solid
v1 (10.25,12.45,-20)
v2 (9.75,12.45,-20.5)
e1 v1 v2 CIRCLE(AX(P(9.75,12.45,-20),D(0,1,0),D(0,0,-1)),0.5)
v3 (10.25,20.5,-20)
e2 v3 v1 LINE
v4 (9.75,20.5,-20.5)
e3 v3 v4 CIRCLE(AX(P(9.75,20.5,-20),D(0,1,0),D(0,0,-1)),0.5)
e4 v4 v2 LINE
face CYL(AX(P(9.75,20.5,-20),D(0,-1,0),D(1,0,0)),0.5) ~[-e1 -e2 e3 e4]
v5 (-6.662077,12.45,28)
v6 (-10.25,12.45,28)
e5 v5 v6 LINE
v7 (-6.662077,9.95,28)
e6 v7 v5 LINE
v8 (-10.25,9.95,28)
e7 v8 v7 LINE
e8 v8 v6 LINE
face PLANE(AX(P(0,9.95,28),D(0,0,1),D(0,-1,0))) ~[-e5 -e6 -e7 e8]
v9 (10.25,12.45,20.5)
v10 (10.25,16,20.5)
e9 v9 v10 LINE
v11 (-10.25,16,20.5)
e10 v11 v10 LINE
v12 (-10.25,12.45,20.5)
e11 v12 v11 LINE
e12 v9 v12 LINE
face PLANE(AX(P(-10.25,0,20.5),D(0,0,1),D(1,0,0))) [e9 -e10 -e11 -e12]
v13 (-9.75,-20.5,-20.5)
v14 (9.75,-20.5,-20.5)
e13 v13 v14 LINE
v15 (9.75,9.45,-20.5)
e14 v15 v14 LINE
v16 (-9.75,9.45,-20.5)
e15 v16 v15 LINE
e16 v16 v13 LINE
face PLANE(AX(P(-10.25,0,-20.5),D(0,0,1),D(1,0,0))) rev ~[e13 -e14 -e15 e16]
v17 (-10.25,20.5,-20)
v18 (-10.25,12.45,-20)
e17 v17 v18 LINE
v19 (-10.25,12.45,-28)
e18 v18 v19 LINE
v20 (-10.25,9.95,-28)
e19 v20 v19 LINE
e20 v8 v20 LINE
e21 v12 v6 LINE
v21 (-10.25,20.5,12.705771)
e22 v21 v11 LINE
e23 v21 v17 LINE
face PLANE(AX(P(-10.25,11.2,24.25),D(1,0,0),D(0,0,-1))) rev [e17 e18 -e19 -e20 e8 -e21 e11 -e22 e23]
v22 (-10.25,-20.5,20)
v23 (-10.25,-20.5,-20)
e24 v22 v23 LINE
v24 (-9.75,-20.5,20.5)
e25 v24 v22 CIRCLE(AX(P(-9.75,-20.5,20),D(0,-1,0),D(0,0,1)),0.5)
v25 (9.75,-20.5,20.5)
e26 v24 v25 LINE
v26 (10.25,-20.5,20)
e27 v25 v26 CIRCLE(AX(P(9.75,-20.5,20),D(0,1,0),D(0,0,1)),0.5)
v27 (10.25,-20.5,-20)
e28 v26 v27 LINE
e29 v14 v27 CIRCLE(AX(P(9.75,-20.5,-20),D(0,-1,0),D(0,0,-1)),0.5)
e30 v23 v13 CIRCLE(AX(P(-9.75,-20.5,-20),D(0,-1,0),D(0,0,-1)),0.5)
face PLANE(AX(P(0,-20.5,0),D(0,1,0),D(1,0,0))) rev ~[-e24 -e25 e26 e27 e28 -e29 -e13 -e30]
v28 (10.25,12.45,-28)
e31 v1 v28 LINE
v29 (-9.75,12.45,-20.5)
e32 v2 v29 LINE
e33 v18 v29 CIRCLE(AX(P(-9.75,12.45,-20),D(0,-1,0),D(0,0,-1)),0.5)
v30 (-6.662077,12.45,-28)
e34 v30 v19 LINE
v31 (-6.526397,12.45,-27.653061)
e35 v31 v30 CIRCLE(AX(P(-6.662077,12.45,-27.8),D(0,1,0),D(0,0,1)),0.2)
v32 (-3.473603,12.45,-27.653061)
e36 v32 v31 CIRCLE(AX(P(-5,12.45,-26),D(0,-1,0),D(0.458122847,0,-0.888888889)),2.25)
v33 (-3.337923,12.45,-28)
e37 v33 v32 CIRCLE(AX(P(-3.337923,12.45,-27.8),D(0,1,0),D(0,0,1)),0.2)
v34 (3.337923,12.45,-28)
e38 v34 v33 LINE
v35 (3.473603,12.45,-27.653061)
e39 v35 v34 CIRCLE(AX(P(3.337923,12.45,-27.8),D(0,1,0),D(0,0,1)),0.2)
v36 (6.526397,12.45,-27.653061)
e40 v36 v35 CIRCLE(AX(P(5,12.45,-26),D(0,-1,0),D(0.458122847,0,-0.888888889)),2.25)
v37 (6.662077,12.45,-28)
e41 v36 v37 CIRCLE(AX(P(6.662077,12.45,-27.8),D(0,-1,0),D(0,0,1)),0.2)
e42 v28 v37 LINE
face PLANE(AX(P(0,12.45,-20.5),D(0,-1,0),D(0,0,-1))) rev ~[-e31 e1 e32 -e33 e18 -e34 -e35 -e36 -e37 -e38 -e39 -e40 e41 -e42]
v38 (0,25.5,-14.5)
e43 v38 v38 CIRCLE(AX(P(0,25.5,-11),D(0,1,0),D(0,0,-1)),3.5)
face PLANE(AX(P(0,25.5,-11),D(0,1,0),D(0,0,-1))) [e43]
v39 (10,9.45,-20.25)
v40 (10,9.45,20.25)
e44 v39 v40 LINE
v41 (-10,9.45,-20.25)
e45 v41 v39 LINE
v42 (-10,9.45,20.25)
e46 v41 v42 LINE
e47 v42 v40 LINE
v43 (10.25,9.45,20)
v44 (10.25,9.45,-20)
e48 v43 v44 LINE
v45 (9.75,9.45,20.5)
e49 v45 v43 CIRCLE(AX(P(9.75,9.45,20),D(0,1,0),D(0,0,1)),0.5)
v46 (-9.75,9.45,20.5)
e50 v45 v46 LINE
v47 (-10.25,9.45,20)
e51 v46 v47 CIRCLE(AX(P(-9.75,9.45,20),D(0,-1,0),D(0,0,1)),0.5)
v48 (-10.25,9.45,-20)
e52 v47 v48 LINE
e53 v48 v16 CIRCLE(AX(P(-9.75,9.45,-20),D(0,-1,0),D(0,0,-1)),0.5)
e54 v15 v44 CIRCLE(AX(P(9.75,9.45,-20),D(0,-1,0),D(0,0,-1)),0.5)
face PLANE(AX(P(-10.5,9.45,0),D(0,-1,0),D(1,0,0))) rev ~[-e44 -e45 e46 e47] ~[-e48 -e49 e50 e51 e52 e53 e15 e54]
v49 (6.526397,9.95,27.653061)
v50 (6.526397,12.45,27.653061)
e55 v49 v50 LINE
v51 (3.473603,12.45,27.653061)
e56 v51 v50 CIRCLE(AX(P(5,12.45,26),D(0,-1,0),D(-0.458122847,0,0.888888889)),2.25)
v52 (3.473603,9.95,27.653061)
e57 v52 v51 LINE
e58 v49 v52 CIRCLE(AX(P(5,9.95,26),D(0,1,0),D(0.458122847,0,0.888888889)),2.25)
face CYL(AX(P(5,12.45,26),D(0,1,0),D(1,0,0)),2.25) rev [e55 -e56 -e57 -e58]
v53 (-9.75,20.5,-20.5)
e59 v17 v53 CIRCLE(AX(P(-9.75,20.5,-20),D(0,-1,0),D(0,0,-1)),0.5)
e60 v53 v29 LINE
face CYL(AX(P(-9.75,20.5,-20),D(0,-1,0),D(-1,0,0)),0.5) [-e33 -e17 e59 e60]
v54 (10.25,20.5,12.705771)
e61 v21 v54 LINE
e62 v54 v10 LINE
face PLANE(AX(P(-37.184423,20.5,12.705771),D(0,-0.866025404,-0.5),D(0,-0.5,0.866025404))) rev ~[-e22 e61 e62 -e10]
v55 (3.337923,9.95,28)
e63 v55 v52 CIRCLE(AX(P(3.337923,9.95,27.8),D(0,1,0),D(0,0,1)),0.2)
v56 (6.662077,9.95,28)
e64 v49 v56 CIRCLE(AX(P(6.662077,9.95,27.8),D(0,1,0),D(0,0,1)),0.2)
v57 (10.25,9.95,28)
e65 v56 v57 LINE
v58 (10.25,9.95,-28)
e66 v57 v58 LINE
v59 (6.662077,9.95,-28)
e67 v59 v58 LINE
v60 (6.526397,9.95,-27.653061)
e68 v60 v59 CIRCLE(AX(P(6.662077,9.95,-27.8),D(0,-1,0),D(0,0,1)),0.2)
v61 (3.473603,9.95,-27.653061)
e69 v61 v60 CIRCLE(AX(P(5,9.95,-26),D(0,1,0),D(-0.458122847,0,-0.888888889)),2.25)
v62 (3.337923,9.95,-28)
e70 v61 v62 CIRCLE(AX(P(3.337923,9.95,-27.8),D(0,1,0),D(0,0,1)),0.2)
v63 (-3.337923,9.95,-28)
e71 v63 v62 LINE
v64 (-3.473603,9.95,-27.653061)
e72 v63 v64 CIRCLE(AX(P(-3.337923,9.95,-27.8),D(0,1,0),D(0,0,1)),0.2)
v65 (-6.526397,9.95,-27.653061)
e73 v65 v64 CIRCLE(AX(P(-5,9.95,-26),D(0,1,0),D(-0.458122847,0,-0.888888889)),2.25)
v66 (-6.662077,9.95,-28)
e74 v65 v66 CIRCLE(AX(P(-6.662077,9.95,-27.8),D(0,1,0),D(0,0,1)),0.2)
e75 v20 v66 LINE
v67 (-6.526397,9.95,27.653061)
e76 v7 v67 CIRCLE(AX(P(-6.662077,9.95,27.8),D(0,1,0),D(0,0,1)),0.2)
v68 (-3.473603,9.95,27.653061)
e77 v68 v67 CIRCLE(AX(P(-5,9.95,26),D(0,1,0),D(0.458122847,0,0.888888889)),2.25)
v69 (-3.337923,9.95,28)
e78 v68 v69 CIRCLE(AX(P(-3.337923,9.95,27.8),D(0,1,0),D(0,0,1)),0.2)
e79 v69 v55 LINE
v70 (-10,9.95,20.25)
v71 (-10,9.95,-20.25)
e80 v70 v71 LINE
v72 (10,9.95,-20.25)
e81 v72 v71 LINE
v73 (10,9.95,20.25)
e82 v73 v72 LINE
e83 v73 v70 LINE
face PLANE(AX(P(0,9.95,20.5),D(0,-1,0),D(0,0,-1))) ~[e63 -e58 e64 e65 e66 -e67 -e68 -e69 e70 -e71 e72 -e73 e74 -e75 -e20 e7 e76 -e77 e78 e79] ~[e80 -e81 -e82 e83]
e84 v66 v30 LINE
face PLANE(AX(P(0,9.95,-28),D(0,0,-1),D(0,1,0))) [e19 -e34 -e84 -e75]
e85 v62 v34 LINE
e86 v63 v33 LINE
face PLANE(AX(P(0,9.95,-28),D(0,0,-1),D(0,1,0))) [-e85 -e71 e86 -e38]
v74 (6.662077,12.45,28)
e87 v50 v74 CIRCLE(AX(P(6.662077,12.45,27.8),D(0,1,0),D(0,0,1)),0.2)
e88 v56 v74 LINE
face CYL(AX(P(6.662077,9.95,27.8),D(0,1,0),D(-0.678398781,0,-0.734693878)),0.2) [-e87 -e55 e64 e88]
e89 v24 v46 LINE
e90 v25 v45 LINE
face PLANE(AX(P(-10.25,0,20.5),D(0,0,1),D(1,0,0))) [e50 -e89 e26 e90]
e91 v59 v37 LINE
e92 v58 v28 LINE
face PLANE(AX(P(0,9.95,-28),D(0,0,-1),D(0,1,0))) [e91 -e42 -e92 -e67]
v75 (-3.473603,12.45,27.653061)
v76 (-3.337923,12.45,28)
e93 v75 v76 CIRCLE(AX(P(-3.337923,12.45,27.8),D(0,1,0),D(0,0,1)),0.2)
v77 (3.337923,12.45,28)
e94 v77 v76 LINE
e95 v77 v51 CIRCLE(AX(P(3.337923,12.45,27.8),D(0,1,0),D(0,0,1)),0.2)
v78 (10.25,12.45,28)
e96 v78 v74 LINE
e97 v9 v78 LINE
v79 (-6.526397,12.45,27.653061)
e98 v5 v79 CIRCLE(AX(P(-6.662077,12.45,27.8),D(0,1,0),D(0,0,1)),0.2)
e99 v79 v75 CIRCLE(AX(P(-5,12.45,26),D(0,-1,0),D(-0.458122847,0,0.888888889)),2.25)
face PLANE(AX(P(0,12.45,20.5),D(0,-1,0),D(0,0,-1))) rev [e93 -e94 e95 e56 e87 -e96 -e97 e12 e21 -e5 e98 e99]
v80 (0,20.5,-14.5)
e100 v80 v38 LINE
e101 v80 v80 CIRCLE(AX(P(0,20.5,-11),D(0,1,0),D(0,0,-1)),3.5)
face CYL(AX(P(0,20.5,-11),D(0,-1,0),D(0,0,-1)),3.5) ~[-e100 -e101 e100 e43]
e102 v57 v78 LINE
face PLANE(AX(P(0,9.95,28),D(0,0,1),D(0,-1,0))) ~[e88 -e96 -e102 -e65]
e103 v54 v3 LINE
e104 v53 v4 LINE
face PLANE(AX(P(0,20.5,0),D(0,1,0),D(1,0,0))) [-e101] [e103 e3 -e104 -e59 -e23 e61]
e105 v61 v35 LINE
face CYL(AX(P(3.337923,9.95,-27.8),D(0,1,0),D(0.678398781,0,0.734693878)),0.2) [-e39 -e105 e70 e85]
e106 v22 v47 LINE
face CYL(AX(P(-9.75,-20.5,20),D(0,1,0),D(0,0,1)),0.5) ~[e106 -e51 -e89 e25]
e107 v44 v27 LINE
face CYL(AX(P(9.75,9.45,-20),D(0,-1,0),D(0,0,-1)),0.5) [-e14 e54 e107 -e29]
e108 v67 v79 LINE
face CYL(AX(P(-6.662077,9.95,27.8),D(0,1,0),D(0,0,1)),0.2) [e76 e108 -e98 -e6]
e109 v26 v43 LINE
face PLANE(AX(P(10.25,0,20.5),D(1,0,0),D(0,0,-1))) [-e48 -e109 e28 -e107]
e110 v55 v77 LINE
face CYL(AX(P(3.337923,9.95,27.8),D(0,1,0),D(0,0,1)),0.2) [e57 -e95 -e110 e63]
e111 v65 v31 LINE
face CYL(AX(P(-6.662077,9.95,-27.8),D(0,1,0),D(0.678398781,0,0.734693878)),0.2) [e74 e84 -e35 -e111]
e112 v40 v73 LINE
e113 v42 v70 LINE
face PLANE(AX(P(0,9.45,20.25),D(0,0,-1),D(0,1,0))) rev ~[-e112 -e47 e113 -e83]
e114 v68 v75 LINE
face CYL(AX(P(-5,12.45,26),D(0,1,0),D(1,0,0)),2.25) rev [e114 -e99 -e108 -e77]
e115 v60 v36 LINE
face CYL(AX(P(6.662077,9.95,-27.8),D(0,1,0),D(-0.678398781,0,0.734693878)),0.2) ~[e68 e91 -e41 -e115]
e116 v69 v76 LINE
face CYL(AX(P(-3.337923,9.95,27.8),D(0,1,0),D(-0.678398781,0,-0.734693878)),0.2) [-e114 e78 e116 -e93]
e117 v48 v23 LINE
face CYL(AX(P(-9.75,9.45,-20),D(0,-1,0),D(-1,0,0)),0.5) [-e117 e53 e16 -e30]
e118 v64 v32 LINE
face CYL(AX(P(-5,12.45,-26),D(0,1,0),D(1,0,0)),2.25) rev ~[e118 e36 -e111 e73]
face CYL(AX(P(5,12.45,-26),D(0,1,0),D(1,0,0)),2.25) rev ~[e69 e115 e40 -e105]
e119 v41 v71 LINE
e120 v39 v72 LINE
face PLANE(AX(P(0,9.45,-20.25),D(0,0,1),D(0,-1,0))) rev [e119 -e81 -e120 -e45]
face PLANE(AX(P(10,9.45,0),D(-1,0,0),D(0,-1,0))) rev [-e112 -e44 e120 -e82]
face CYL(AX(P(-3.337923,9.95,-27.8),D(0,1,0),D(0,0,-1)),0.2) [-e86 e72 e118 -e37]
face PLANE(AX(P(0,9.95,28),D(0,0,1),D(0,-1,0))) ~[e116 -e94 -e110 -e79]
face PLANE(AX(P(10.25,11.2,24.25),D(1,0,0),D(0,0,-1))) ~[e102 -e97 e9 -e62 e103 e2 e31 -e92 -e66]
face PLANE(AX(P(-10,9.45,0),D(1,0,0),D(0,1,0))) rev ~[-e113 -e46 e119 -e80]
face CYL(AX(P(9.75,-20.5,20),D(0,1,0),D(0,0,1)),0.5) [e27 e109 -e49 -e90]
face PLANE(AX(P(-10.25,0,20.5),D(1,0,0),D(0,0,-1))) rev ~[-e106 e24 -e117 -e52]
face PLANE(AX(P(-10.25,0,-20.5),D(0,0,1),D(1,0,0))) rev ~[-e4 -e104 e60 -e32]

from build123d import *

# Parameters (mm, degrees)
SKETCH_1_W               = 20.5
SKETCH_1_H               = 41
EXTRUDE_1_DEPTH          = 20.5
SKETCH_2_W               = 0.5
SKETCH_2_H               = 0.5
CUT_EXTRUDE_1_DEPTH      = 31.75
SKETCH_3_W               = 0.5
SKETCH_3_H               = 0.5
CUT_EXTRUDE_2_DEPTH      = 31.75
SKETCH_4_W               = 7.5
SKETCH_4_H               = 2.5
EXTRUDE_2_DEPTH          = 10.25
SKETCH_5_R               = 2.25
CUT_EXTRUDE_3_DEPTH      = 45.438328051
FILLET_1_R               = 0.2
FILLET_1_OF_MIRROR_3_R   = 0.2
CUT_EXTRUDE_4_DEPTH      = 37.184423444
CUT_EXTRUDE_4_DEPTH_BACK = 37.184423444
FILLET_2_R               = 0.5
SKETCH_7_R               = 3.5
EXTRUDE_3_DEPTH          = 5


with BuildPart() as part:
    # 스케치1 → 보스-돌출1 (new, symmetric)
    with BuildSketch(Plane(origin=(0, 0, 0), x_dir=(1, 0, 0), z_dir=(0, 1, 0))):
        Rectangle(SKETCH_1_W, SKETCH_1_H)
    extrude(amount=EXTRUDE_1_DEPTH, both=True)

    # 스케치2 → 컷-돌출1 (cut, symmetric)
    with BuildSketch(Plane.XY):
        with Locations((-10.25, 9.7)):
            Rectangle(SKETCH_2_W, SKETCH_2_H)
    cut_extrude_1 = extrude(amount=CUT_EXTRUDE_1_DEPTH, both=True, mode=Mode.SUBTRACT)

    # 대칭 복사1: 컷-돌출1 across plane
    add(cut_extrude_1.mirror(Plane(origin=(0, 0, 0), x_dir=(0, 0, 1), z_dir=(1, 0, 0))), mode=Mode.SUBTRACT)

    # 스케치3 → 컷-돌출2 (cut, symmetric)
    with BuildSketch(Plane(origin=(0, 0, 0), x_dir=(0, 0, -1), z_dir=(1, 0, 0))):
        with Locations((-20.5, 9.7)):
            Rectangle(SKETCH_3_W, SKETCH_3_H)
    cut_extrude_2 = extrude(amount=CUT_EXTRUDE_2_DEPTH, both=True, mode=Mode.SUBTRACT)

    # 대칭 복사2: 컷-돌출2 across plane
    add(cut_extrude_2.mirror(Plane.XY), mode=Mode.SUBTRACT)

    # 스케치4 → 보스-돌출2 (add, symmetric)
    with BuildSketch(Plane(origin=(0, 0, 0), x_dir=(0, 0, -1), z_dir=(1, 0, 0))):
        with Locations((24.25, 11.2)):
            Rectangle(SKETCH_4_W, SKETCH_4_H)
    extrude_2 = extrude(amount=EXTRUDE_2_DEPTH, both=True)

    # 스케치5 → 컷-돌출3 (cut, symmetric)
    with BuildSketch(Plane(origin=(0, 12.45, 0), x_dir=(1, 0, 0), z_dir=(0, 1, 0))):
        with Locations((5, 26)):
            Circle(SKETCH_5_R)
        with Locations((-5, 26)):
            Circle(SKETCH_5_R)
    cut_extrude_3 = extrude(amount=CUT_EXTRUDE_3_DEPTH, both=True, mode=Mode.SUBTRACT)

    # 필렛1
    fillet_1_edges = [part.edges().sort_by_distance(p)[0] for p in [
        (3.969223594, 11.2, -28),
        (6.030776406, 11.2, -28),
        (-6.030776406, 11.2, -28),
        (-3.969223594, 11.2, -28),
    ]]
    fillet(fillet_1_edges, radius=FILLET_1_R)

    # 대칭 복사3: 보스-돌출2, 컷-돌출3 across plane
    add(extrude_2.mirror(Plane.XY))
    add(cut_extrude_3.mirror(Plane.XY), mode=Mode.SUBTRACT)

    # 필렛1 of 대칭 복사3
    fillet_1_of_mirror_3_edges = [part.edges().sort_by_distance(p)[0] for p in [
        (3.969223594, 11.2, 28),
        (6.030776406, 11.2, 28),
        (-6.030776406, 11.2, 28),
        (-3.969223594, 11.2, 28),
    ]]
    fillet(fillet_1_of_mirror_3_edges, radius=FILLET_1_OF_MIRROR_3_R)

    # 스케치6 → 컷-돌출4 (cut, two sides: drawn at the far end of the back side and taken through both)
    with BuildSketch(Plane(origin=(0, 0, 0), x_dir=(0, 0, -1), z_dir=(1, 0, 0)).offset(-CUT_EXTRUDE_4_DEPTH_BACK)):
        Polygon((-20.5, 16), (-20.5, 20.5), (-12.705771366, 20.5), align=None)
    extrude(amount=CUT_EXTRUDE_4_DEPTH + CUT_EXTRUDE_4_DEPTH_BACK, mode=Mode.SUBTRACT)

    # 필렛2
    fillet_2_edges = [part.edges().sort_by_distance(p)[0] for p in [
        (-10.25, -5.525, 20.5),
        (-10.25, -5.525, -20.5),
        (10.25, -5.525, 20.5),
        (10.25, -5.525, -20.5),
        (-10.25, 16.475, -20.5),
        (10.25, 16.475, -20.5),
    ]]
    fillet(fillet_2_edges, radius=FILLET_2_R)

    # 스케치7 → 보스-돌출3 (add)
    with BuildSketch(Plane(origin=(0, 20.5, 0), x_dir=(1, 0, 0), z_dir=(0, 1, 0))):
        with Locations(Location((0, 11, 0), (0, 0, 90))):
            Circle(SKETCH_7_R)
    extrude(amount=EXTRUDE_3_DEPTH)


solid = part.part
